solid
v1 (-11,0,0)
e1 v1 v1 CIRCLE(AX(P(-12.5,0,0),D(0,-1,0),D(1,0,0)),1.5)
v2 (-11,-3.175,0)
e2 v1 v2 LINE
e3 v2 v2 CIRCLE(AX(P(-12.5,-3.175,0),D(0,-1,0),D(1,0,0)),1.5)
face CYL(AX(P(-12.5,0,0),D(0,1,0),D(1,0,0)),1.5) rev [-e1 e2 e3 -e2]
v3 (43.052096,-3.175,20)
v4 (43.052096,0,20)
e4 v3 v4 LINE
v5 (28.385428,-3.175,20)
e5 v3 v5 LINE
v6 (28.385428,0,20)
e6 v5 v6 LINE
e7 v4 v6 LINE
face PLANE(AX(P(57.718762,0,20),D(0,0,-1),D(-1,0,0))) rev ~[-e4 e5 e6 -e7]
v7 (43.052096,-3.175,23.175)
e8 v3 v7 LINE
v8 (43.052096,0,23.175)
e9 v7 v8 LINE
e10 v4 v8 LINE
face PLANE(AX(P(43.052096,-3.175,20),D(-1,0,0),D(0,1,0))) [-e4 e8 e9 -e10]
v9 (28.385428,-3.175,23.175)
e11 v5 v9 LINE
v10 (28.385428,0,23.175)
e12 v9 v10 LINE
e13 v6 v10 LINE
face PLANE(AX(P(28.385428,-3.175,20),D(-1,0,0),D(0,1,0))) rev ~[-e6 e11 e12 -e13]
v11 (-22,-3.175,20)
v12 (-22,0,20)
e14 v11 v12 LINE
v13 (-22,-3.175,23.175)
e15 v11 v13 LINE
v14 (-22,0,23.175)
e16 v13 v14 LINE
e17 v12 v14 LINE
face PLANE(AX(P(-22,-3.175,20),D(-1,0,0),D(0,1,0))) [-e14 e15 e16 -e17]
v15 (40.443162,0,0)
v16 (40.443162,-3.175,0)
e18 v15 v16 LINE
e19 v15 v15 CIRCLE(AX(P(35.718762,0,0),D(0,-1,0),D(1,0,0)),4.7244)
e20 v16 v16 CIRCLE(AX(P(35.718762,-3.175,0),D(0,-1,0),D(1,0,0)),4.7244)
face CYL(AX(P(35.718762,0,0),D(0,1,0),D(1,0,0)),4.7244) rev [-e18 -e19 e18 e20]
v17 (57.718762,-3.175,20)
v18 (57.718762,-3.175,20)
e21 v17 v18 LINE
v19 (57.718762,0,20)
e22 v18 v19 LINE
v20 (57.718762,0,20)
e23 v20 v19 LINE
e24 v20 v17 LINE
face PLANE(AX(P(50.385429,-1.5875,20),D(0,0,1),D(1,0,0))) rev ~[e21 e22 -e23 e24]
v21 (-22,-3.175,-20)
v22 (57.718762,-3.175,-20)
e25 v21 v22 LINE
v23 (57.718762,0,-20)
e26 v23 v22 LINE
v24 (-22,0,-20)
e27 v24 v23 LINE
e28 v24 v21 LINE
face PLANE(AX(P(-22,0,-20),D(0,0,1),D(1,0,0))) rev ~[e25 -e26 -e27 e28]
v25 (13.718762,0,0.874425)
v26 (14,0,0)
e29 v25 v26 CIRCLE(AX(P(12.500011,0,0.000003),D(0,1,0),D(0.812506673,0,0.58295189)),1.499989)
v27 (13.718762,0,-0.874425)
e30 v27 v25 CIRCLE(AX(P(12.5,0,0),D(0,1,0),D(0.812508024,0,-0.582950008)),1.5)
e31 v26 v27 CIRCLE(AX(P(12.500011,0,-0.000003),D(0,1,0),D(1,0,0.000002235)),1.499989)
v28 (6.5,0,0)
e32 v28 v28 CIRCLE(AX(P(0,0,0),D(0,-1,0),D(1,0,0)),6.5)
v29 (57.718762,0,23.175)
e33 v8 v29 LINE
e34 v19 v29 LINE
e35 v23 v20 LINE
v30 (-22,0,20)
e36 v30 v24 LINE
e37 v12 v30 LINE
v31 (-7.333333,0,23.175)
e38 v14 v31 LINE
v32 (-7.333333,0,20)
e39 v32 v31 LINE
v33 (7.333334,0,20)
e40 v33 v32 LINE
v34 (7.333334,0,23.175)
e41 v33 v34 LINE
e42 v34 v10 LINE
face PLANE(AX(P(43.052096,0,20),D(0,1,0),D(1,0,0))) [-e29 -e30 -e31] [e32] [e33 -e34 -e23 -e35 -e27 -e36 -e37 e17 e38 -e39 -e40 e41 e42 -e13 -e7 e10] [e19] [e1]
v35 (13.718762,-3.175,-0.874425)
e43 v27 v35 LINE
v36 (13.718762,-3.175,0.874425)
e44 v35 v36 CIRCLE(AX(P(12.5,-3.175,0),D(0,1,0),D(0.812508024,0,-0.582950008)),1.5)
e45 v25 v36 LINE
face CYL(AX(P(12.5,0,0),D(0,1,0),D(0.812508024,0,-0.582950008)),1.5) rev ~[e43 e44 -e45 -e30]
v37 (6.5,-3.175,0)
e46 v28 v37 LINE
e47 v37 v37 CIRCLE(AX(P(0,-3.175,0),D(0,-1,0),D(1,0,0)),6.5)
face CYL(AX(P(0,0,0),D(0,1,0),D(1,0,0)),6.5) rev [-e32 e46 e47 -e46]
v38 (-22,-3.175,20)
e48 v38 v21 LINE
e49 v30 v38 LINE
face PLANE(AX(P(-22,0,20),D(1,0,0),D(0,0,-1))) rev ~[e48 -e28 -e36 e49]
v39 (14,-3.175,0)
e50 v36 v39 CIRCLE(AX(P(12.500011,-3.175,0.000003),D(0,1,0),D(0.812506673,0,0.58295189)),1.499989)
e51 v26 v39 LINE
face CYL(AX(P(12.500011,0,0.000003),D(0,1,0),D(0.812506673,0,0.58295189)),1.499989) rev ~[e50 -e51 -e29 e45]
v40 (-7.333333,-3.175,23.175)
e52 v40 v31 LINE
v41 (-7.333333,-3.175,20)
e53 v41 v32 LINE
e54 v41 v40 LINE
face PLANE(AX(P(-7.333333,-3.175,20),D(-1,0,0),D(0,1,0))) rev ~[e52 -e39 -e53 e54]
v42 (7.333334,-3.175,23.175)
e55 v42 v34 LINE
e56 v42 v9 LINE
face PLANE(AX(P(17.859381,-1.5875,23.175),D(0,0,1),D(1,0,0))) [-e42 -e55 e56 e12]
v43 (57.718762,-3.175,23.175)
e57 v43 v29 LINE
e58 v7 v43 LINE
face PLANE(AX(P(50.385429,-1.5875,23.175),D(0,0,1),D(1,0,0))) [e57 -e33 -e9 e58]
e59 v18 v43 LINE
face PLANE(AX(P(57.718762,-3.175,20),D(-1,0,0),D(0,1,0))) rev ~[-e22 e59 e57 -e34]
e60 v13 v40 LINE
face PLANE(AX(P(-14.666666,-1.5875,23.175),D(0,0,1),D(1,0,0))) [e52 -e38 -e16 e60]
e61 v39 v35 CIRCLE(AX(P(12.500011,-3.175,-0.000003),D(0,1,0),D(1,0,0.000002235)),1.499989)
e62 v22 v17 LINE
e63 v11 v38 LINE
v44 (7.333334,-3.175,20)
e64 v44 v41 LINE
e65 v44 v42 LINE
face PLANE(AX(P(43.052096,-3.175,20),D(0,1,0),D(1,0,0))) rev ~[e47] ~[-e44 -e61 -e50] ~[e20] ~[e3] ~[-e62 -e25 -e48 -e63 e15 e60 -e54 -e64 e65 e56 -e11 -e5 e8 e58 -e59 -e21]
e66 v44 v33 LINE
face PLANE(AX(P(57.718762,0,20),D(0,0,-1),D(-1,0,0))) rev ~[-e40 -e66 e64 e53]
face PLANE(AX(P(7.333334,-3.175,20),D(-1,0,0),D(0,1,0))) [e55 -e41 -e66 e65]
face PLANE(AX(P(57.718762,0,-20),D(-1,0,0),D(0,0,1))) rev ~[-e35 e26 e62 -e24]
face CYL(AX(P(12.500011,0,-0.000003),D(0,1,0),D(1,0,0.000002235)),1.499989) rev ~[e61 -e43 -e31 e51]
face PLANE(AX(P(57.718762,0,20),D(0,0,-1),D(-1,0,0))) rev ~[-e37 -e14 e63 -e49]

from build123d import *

# Parameters (mm, degrees)
F0_R     = 1.5
F0_R_2   = 6.5
F0_W     = 35.718762
F0_H     = 40
F0_R_3   = 4.7244
F1_DEPTH = 3.175
F2_W     = 14.666667
F2_H     = 3.175
F2_W_2   = 21.052095
F3_DEPTH = 3.175


with BuildPart() as f1:
    # F0 (on Front) → F1 (new body)
    with BuildSketch(Plane.XZ):
        with BuildLine():
            ThreePointArc((13.718762, 0.874425), (13.927961, 0.45927), (14, 0))
            ThreePointArc((14, 0), (13.927961, -0.45927), (13.718762, -0.874425))
            Line((13.718762, -0.874425), (13.718762, -20))
            Line((13.718762, -20), (22, -20))
            Line((22, -20), (22, 20))
            Line((22, 20), (13.718762, 20))
            Line((13.718762, 20), (13.718762, 0.874425))
        make_face()
        with BuildLine():
            ThreePointArc((13.718762, -0.874425), (11, 0), (13.718762, 0.874425))
            Line((13.718762, 0.874425), (13.718762, 20))
            Line((13.718762, 20), (-22, 20))
            Line((-22, 20), (-22, -20))
            Line((-22, -20), (13.718762, -20))
            Line((13.718762, -20), (13.718762, -0.874425))
        make_face()
        with Locations((-12.5, 0)):
            Circle(F0_R, mode=Mode.SUBTRACT)
        Circle(F0_R_2, mode=Mode.SUBTRACT)
        with Locations((39.859381, 0)):
            Rectangle(F0_W, F0_H)
        with Locations((35.718762, 0)):
            Circle(F0_R_3, mode=Mode.SUBTRACT)
    extrude(amount=F1_DEPTH)

    # F2 (on face) → F3 (join)
    with BuildSketch(Plane.XY.offset(20)):
        with Locations((-14.666666, -1.5875)):
            Rectangle(F2_W, F2_H)
        with Locations((50.385429, -1.5875)):
            Rectangle(F2_W, F2_H)
        with Locations((17.859381, -1.5875)):
            Rectangle(F2_W_2, F2_H)
    extrude(amount=F3_DEPTH)


solid = f1.part
